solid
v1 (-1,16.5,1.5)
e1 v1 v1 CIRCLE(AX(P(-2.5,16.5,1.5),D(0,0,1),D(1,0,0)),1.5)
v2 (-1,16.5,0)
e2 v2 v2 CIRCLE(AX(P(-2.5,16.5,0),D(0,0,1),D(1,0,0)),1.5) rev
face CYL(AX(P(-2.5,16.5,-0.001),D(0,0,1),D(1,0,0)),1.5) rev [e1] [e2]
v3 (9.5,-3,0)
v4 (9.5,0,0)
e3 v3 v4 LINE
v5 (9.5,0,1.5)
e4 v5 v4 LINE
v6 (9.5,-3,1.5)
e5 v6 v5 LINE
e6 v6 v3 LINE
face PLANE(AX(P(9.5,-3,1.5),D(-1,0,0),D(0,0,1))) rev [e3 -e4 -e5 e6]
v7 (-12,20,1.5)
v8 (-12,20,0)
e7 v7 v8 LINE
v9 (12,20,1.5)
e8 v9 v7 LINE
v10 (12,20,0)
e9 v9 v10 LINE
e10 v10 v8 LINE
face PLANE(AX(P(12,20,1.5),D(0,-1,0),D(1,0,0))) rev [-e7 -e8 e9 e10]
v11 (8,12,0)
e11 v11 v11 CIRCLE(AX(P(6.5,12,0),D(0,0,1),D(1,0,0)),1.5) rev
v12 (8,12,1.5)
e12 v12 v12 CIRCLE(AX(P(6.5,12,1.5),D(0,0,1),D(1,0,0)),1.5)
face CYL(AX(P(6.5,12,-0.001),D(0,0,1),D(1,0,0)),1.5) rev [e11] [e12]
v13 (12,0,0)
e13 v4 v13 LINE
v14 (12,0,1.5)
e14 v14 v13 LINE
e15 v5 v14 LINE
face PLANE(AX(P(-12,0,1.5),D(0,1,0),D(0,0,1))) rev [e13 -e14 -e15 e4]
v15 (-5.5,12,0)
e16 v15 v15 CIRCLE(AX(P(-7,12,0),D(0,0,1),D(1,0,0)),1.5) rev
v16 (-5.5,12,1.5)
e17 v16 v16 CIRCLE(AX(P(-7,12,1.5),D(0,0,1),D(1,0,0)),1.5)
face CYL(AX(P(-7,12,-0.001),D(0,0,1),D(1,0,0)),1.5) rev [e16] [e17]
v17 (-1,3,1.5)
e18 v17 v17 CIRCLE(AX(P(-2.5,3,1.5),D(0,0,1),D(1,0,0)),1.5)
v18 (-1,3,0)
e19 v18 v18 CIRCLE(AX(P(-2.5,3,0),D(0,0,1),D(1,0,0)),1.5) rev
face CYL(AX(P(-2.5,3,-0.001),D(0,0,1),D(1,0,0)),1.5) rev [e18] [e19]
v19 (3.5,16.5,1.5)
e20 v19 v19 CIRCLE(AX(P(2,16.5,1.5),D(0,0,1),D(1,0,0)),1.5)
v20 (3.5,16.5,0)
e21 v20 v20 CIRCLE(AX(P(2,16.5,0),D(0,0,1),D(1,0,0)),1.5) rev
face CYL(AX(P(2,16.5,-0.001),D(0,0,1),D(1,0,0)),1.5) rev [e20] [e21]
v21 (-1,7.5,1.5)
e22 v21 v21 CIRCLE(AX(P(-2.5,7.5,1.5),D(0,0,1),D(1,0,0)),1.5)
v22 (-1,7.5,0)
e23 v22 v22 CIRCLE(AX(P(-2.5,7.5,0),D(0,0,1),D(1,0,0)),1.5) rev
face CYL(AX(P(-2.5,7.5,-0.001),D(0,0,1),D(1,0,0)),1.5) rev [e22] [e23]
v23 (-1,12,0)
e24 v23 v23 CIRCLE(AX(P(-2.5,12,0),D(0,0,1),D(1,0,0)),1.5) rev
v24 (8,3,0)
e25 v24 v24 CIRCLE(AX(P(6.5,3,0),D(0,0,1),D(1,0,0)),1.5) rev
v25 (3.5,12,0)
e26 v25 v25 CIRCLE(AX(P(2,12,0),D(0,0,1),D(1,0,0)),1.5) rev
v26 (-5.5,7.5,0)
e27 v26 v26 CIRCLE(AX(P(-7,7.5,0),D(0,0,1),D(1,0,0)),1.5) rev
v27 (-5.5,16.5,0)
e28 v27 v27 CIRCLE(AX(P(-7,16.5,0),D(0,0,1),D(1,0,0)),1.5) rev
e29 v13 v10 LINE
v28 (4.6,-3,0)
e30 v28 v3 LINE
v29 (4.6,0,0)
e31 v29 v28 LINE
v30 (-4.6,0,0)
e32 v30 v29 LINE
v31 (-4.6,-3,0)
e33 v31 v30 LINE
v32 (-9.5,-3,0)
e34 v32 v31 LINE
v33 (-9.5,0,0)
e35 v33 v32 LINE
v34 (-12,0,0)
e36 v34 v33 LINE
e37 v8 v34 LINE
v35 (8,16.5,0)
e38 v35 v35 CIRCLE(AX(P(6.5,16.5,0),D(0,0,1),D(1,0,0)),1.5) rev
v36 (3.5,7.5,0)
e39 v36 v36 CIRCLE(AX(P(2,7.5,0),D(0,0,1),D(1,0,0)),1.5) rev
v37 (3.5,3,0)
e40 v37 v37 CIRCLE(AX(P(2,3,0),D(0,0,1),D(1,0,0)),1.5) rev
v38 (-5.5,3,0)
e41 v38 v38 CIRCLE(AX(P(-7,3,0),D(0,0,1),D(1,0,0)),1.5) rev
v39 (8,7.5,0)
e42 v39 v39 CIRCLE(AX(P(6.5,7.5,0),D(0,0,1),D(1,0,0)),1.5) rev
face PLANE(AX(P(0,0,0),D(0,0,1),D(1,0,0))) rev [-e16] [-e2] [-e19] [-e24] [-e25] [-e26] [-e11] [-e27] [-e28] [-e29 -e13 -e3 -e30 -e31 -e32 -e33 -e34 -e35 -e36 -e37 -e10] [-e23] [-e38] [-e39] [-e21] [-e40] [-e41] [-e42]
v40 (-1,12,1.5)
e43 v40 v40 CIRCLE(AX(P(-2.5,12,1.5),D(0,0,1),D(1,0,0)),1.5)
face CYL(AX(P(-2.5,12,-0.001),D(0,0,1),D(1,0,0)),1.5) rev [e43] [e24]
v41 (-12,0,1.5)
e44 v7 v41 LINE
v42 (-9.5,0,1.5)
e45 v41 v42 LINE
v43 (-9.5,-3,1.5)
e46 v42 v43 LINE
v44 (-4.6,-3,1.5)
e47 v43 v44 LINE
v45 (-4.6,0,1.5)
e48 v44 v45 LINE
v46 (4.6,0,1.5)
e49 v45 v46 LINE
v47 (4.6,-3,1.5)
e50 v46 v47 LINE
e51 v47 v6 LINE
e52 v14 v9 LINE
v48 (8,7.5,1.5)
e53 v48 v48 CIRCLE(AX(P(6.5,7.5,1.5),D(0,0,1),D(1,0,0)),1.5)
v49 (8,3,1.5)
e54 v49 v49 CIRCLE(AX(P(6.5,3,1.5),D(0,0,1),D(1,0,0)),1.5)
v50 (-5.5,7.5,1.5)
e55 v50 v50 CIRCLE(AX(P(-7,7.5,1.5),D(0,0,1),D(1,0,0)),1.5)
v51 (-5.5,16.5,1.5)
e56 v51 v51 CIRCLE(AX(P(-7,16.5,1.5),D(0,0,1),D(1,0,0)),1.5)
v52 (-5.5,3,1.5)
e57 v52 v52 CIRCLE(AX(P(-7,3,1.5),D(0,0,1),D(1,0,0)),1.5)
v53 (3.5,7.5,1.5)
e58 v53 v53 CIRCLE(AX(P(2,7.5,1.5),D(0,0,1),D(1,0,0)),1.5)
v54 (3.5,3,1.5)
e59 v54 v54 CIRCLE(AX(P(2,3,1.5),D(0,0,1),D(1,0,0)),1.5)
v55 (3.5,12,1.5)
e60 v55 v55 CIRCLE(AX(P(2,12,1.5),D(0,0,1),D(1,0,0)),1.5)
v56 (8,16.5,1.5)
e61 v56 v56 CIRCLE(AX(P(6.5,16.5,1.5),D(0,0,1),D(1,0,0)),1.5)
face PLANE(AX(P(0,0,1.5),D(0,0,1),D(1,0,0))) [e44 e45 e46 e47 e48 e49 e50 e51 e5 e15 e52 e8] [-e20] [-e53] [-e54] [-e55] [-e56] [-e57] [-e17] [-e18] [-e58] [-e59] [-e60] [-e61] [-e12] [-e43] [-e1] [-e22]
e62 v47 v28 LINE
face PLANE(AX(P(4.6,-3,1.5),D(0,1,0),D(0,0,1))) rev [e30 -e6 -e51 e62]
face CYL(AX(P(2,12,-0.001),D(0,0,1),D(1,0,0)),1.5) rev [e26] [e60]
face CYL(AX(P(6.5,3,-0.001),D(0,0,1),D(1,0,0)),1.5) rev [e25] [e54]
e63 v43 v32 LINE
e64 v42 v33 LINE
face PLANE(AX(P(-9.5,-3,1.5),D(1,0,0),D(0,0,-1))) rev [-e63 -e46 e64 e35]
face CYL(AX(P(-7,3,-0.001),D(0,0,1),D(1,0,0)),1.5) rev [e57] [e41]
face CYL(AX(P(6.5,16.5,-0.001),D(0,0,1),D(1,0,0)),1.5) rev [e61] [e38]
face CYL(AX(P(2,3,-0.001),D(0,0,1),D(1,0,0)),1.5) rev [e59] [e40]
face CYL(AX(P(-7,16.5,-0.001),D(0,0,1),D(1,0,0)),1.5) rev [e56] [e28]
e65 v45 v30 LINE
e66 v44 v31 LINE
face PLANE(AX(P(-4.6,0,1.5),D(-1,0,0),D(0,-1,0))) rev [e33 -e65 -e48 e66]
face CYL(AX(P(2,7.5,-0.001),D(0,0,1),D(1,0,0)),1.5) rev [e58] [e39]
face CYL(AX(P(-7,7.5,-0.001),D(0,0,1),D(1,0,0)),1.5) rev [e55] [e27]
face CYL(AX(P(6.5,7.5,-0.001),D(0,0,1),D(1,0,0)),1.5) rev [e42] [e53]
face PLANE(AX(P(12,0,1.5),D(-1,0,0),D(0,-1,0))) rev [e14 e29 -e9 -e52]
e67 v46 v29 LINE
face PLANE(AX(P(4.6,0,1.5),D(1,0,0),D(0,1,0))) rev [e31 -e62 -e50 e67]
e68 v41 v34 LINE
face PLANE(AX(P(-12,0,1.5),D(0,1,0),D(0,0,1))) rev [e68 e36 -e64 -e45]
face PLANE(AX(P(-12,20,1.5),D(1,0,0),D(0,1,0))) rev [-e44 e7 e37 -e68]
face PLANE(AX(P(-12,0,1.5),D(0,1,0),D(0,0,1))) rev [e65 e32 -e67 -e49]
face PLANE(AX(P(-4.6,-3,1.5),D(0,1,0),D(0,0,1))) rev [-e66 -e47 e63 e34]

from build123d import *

# Parameters (mm, degrees)
ESQUISSE1_W             = 24
ESQUISSE1_H             = 20
BOSS_EXTRU_1_DEPTH      = 1.5
ESQUISSE2_W             = 4.9
ESQUISSE2_H             = 3
BOSS_EXTRU_2_DEPTH      = 1.5
ENL_V_MAT_EXTRU_1_REACH = 25.372
ESQUISSE3_R             = 1.5


with BuildPart() as part:
    # Esquisse1 → Boss.-Extru.1 (new body)
    with BuildSketch(Plane.XY):
        with Locations((0, 10)):
            Rectangle(ESQUISSE1_W, ESQUISSE1_H)
    extrude(amount=BOSS_EXTRU_1_DEPTH)

    # Esquisse2 → Boss.-Extru.2 (add)
    with BuildSketch(Plane.XY):
        with Locations((7.05, -1.5)):
            Rectangle(ESQUISSE2_W, ESQUISSE2_H)
        with Locations((-7.05, -1.5)):
            Rectangle(ESQUISSE2_W, ESQUISSE2_H)
    extrude(amount=BOSS_EXTRU_2_DEPTH)

    # Esquisse3 → Enlèv. mat.-Extru.1 (cut, up to next)
    with BuildSketch(Plane.XY.offset(1.5), mode=Mode.PRIVATE) as enl_v_mat_extru_1_sk1:
        with Locations((-7, 3)):
            Circle(ESQUISSE3_R)
    enl_v_mat_extru_1_tool1 = extrude(enl_v_mat_extru_1_sk1.sketch, amount=-ENL_V_MAT_EXTRU_1_REACH, mode=Mode.PRIVATE) & part.part
    # Esquisse3 → Enlèv. mat.-Extru.1 (cut, up to next)
    with BuildSketch(Plane.XY.offset(1.5), mode=Mode.PRIVATE) as enl_v_mat_extru_1_sk2:
        with Locations((-2.5, 3)):
            Circle(ESQUISSE3_R)
    enl_v_mat_extru_1_tool2 = extrude(enl_v_mat_extru_1_sk2.sketch, amount=-ENL_V_MAT_EXTRU_1_REACH, mode=Mode.PRIVATE) & part.part
    # Esquisse3 → Enlèv. mat.-Extru.1 (cut, up to next)
    with BuildSketch(Plane.XY.offset(1.5), mode=Mode.PRIVATE) as enl_v_mat_extru_1_sk3:
        with Locations((2, 3)):
            Circle(ESQUISSE3_R)
    enl_v_mat_extru_1_tool3 = extrude(enl_v_mat_extru_1_sk3.sketch, amount=-ENL_V_MAT_EXTRU_1_REACH, mode=Mode.PRIVATE) & part.part
    # Esquisse3 → Enlèv. mat.-Extru.1 (cut, up to next)
    with BuildSketch(Plane.XY.offset(1.5), mode=Mode.PRIVATE) as enl_v_mat_extru_1_sk4:
        with Locations((6.5, 3)):
            Circle(ESQUISSE3_R)
    enl_v_mat_extru_1_tool4 = extrude(enl_v_mat_extru_1_sk4.sketch, amount=-ENL_V_MAT_EXTRU_1_REACH, mode=Mode.PRIVATE) & part.part
    # Esquisse3 → Enlèv. mat.-Extru.1 (cut, up to next)
    with BuildSketch(Plane.XY.offset(1.5), mode=Mode.PRIVATE) as enl_v_mat_extru_1_sk5:
        with Locations((-2.5, 7.5)):
            Circle(ESQUISSE3_R)
    enl_v_mat_extru_1_tool5 = extrude(enl_v_mat_extru_1_sk5.sketch, amount=-ENL_V_MAT_EXTRU_1_REACH, mode=Mode.PRIVATE) & part.part
    # Esquisse3 → Enlèv. mat.-Extru.1 (cut, up to next)
    with BuildSketch(Plane.XY.offset(1.5), mode=Mode.PRIVATE) as enl_v_mat_extru_1_sk6:
        with Locations((2, 7.5)):
            Circle(ESQUISSE3_R)
    enl_v_mat_extru_1_tool6 = extrude(enl_v_mat_extru_1_sk6.sketch, amount=-ENL_V_MAT_EXTRU_1_REACH, mode=Mode.PRIVATE) & part.part
    # Esquisse3 → Enlèv. mat.-Extru.1 (cut, up to next)
    with BuildSketch(Plane.XY.offset(1.5), mode=Mode.PRIVATE) as enl_v_mat_extru_1_sk7:
        with Locations((6.5, 7.5)):
            Circle(ESQUISSE3_R)
    enl_v_mat_extru_1_tool7 = extrude(enl_v_mat_extru_1_sk7.sketch, amount=-ENL_V_MAT_EXTRU_1_REACH, mode=Mode.PRIVATE) & part.part
    # Esquisse3 → Enlèv. mat.-Extru.1 (cut, up to next)
    with BuildSketch(Plane.XY.offset(1.5), mode=Mode.PRIVATE) as enl_v_mat_extru_1_sk8:
        with Locations((-2.5, 12)):
            Circle(ESQUISSE3_R)
    enl_v_mat_extru_1_tool8 = extrude(enl_v_mat_extru_1_sk8.sketch, amount=-ENL_V_MAT_EXTRU_1_REACH, mode=Mode.PRIVATE) & part.part
    # Esquisse3 → Enlèv. mat.-Extru.1 (cut, up to next)
    with BuildSketch(Plane.XY.offset(1.5), mode=Mode.PRIVATE) as enl_v_mat_extru_1_sk9:
        with Locations((2, 12)):
            Circle(ESQUISSE3_R)
    enl_v_mat_extru_1_tool9 = extrude(enl_v_mat_extru_1_sk9.sketch, amount=-ENL_V_MAT_EXTRU_1_REACH, mode=Mode.PRIVATE) & part.part
    # Esquisse3 → Enlèv. mat.-Extru.1 (cut, up to next)
    with BuildSketch(Plane.XY.offset(1.5), mode=Mode.PRIVATE) as enl_v_mat_extru_1_sk10:
        with Locations((6.5, 12)):
            Circle(ESQUISSE3_R)
    enl_v_mat_extru_1_tool10 = extrude(enl_v_mat_extru_1_sk10.sketch, amount=-ENL_V_MAT_EXTRU_1_REACH, mode=Mode.PRIVATE) & part.part
    # Esquisse3 → Enlèv. mat.-Extru.1 (cut, up to next)
    with BuildSketch(Plane.XY.offset(1.5), mode=Mode.PRIVATE) as enl_v_mat_extru_1_sk11:
        with Locations((-2.5, 16.5)):
            Circle(ESQUISSE3_R)
    enl_v_mat_extru_1_tool11 = extrude(enl_v_mat_extru_1_sk11.sketch, amount=-ENL_V_MAT_EXTRU_1_REACH, mode=Mode.PRIVATE) & part.part
    # Esquisse3 → Enlèv. mat.-Extru.1 (cut, up to next)
    with BuildSketch(Plane.XY.offset(1.5), mode=Mode.PRIVATE) as enl_v_mat_extru_1_sk12:
        with Locations((2, 16.5)):
            Circle(ESQUISSE3_R)
    enl_v_mat_extru_1_tool12 = extrude(enl_v_mat_extru_1_sk12.sketch, amount=-ENL_V_MAT_EXTRU_1_REACH, mode=Mode.PRIVATE) & part.part
    # Esquisse3 → Enlèv. mat.-Extru.1 (cut, up to next)
    with BuildSketch(Plane.XY.offset(1.5), mode=Mode.PRIVATE) as enl_v_mat_extru_1_sk13:
        with Locations((6.5, 16.5)):
            Circle(ESQUISSE3_R)
    enl_v_mat_extru_1_tool13 = extrude(enl_v_mat_extru_1_sk13.sketch, amount=-ENL_V_MAT_EXTRU_1_REACH, mode=Mode.PRIVATE) & part.part
    # Esquisse3 → Enlèv. mat.-Extru.1 (cut, up to next)
    with BuildSketch(Plane.XY.offset(1.5), mode=Mode.PRIVATE) as enl_v_mat_extru_1_sk14:
        with Locations((-7, 7.5)):
            Circle(ESQUISSE3_R)
    enl_v_mat_extru_1_tool14 = extrude(enl_v_mat_extru_1_sk14.sketch, amount=-ENL_V_MAT_EXTRU_1_REACH, mode=Mode.PRIVATE) & part.part
    # Esquisse3 → Enlèv. mat.-Extru.1 (cut, up to next)
    with BuildSketch(Plane.XY.offset(1.5), mode=Mode.PRIVATE) as enl_v_mat_extru_1_sk15:
        with Locations((-7, 12)):
            Circle(ESQUISSE3_R)
    enl_v_mat_extru_1_tool15 = extrude(enl_v_mat_extru_1_sk15.sketch, amount=-ENL_V_MAT_EXTRU_1_REACH, mode=Mode.PRIVATE) & part.part
    # Esquisse3 → Enlèv. mat.-Extru.1 (cut, up to next)
    with BuildSketch(Plane.XY.offset(1.5), mode=Mode.PRIVATE) as enl_v_mat_extru_1_sk16:
        with Locations((-7, 16.5)):
            Circle(ESQUISSE3_R)
    enl_v_mat_extru_1_tool16 = extrude(enl_v_mat_extru_1_sk16.sketch, amount=-ENL_V_MAT_EXTRU_1_REACH, mode=Mode.PRIVATE) & part.part
    add(enl_v_mat_extru_1_tool1.solids().sort_by_distance((-7, 3, 1.5))[0], mode=Mode.SUBTRACT)
    add(enl_v_mat_extru_1_tool2.solids().sort_by_distance((-2.5, 3, 1.5))[0], mode=Mode.SUBTRACT)
    add(enl_v_mat_extru_1_tool3.solids().sort_by_distance((2, 3, 1.5))[0], mode=Mode.SUBTRACT)
    add(enl_v_mat_extru_1_tool4.solids().sort_by_distance((6.5, 3, 1.5))[0], mode=Mode.SUBTRACT)
    add(enl_v_mat_extru_1_tool5.solids().sort_by_distance((-2.5, 7.5, 1.5))[0], mode=Mode.SUBTRACT)
    add(enl_v_mat_extru_1_tool6.solids().sort_by_distance((2, 7.5, 1.5))[0], mode=Mode.SUBTRACT)
    add(enl_v_mat_extru_1_tool7.solids().sort_by_distance((6.5, 7.5, 1.5))[0], mode=Mode.SUBTRACT)
    add(enl_v_mat_extru_1_tool8.solids().sort_by_distance((-2.5, 12, 1.5))[0], mode=Mode.SUBTRACT)
    add(enl_v_mat_extru_1_tool9.solids().sort_by_distance((2, 12, 1.5))[0], mode=Mode.SUBTRACT)
    add(enl_v_mat_extru_1_tool10.solids().sort_by_distance((6.5, 12, 1.5))[0], mode=Mode.SUBTRACT)
    add(enl_v_mat_extru_1_tool11.solids().sort_by_distance((-2.5, 16.5, 1.5))[0], mode=Mode.SUBTRACT)
    add(enl_v_mat_extru_1_tool12.solids().sort_by_distance((2, 16.5, 1.5))[0], mode=Mode.SUBTRACT)
    add(enl_v_mat_extru_1_tool13.solids().sort_by_distance((6.5, 16.5, 1.5))[0], mode=Mode.SUBTRACT)
    add(enl_v_mat_extru_1_tool14.solids().sort_by_distance((-7, 7.5, 1.5))[0], mode=Mode.SUBTRACT)
    add(enl_v_mat_extru_1_tool15.solids().sort_by_distance((-7, 12, 1.5))[0], mode=Mode.SUBTRACT)
    add(enl_v_mat_extru_1_tool16.solids().sort_by_distance((-7, 16.5, 1.5))[0], mode=Mode.SUBTRACT)


solid = part.part
